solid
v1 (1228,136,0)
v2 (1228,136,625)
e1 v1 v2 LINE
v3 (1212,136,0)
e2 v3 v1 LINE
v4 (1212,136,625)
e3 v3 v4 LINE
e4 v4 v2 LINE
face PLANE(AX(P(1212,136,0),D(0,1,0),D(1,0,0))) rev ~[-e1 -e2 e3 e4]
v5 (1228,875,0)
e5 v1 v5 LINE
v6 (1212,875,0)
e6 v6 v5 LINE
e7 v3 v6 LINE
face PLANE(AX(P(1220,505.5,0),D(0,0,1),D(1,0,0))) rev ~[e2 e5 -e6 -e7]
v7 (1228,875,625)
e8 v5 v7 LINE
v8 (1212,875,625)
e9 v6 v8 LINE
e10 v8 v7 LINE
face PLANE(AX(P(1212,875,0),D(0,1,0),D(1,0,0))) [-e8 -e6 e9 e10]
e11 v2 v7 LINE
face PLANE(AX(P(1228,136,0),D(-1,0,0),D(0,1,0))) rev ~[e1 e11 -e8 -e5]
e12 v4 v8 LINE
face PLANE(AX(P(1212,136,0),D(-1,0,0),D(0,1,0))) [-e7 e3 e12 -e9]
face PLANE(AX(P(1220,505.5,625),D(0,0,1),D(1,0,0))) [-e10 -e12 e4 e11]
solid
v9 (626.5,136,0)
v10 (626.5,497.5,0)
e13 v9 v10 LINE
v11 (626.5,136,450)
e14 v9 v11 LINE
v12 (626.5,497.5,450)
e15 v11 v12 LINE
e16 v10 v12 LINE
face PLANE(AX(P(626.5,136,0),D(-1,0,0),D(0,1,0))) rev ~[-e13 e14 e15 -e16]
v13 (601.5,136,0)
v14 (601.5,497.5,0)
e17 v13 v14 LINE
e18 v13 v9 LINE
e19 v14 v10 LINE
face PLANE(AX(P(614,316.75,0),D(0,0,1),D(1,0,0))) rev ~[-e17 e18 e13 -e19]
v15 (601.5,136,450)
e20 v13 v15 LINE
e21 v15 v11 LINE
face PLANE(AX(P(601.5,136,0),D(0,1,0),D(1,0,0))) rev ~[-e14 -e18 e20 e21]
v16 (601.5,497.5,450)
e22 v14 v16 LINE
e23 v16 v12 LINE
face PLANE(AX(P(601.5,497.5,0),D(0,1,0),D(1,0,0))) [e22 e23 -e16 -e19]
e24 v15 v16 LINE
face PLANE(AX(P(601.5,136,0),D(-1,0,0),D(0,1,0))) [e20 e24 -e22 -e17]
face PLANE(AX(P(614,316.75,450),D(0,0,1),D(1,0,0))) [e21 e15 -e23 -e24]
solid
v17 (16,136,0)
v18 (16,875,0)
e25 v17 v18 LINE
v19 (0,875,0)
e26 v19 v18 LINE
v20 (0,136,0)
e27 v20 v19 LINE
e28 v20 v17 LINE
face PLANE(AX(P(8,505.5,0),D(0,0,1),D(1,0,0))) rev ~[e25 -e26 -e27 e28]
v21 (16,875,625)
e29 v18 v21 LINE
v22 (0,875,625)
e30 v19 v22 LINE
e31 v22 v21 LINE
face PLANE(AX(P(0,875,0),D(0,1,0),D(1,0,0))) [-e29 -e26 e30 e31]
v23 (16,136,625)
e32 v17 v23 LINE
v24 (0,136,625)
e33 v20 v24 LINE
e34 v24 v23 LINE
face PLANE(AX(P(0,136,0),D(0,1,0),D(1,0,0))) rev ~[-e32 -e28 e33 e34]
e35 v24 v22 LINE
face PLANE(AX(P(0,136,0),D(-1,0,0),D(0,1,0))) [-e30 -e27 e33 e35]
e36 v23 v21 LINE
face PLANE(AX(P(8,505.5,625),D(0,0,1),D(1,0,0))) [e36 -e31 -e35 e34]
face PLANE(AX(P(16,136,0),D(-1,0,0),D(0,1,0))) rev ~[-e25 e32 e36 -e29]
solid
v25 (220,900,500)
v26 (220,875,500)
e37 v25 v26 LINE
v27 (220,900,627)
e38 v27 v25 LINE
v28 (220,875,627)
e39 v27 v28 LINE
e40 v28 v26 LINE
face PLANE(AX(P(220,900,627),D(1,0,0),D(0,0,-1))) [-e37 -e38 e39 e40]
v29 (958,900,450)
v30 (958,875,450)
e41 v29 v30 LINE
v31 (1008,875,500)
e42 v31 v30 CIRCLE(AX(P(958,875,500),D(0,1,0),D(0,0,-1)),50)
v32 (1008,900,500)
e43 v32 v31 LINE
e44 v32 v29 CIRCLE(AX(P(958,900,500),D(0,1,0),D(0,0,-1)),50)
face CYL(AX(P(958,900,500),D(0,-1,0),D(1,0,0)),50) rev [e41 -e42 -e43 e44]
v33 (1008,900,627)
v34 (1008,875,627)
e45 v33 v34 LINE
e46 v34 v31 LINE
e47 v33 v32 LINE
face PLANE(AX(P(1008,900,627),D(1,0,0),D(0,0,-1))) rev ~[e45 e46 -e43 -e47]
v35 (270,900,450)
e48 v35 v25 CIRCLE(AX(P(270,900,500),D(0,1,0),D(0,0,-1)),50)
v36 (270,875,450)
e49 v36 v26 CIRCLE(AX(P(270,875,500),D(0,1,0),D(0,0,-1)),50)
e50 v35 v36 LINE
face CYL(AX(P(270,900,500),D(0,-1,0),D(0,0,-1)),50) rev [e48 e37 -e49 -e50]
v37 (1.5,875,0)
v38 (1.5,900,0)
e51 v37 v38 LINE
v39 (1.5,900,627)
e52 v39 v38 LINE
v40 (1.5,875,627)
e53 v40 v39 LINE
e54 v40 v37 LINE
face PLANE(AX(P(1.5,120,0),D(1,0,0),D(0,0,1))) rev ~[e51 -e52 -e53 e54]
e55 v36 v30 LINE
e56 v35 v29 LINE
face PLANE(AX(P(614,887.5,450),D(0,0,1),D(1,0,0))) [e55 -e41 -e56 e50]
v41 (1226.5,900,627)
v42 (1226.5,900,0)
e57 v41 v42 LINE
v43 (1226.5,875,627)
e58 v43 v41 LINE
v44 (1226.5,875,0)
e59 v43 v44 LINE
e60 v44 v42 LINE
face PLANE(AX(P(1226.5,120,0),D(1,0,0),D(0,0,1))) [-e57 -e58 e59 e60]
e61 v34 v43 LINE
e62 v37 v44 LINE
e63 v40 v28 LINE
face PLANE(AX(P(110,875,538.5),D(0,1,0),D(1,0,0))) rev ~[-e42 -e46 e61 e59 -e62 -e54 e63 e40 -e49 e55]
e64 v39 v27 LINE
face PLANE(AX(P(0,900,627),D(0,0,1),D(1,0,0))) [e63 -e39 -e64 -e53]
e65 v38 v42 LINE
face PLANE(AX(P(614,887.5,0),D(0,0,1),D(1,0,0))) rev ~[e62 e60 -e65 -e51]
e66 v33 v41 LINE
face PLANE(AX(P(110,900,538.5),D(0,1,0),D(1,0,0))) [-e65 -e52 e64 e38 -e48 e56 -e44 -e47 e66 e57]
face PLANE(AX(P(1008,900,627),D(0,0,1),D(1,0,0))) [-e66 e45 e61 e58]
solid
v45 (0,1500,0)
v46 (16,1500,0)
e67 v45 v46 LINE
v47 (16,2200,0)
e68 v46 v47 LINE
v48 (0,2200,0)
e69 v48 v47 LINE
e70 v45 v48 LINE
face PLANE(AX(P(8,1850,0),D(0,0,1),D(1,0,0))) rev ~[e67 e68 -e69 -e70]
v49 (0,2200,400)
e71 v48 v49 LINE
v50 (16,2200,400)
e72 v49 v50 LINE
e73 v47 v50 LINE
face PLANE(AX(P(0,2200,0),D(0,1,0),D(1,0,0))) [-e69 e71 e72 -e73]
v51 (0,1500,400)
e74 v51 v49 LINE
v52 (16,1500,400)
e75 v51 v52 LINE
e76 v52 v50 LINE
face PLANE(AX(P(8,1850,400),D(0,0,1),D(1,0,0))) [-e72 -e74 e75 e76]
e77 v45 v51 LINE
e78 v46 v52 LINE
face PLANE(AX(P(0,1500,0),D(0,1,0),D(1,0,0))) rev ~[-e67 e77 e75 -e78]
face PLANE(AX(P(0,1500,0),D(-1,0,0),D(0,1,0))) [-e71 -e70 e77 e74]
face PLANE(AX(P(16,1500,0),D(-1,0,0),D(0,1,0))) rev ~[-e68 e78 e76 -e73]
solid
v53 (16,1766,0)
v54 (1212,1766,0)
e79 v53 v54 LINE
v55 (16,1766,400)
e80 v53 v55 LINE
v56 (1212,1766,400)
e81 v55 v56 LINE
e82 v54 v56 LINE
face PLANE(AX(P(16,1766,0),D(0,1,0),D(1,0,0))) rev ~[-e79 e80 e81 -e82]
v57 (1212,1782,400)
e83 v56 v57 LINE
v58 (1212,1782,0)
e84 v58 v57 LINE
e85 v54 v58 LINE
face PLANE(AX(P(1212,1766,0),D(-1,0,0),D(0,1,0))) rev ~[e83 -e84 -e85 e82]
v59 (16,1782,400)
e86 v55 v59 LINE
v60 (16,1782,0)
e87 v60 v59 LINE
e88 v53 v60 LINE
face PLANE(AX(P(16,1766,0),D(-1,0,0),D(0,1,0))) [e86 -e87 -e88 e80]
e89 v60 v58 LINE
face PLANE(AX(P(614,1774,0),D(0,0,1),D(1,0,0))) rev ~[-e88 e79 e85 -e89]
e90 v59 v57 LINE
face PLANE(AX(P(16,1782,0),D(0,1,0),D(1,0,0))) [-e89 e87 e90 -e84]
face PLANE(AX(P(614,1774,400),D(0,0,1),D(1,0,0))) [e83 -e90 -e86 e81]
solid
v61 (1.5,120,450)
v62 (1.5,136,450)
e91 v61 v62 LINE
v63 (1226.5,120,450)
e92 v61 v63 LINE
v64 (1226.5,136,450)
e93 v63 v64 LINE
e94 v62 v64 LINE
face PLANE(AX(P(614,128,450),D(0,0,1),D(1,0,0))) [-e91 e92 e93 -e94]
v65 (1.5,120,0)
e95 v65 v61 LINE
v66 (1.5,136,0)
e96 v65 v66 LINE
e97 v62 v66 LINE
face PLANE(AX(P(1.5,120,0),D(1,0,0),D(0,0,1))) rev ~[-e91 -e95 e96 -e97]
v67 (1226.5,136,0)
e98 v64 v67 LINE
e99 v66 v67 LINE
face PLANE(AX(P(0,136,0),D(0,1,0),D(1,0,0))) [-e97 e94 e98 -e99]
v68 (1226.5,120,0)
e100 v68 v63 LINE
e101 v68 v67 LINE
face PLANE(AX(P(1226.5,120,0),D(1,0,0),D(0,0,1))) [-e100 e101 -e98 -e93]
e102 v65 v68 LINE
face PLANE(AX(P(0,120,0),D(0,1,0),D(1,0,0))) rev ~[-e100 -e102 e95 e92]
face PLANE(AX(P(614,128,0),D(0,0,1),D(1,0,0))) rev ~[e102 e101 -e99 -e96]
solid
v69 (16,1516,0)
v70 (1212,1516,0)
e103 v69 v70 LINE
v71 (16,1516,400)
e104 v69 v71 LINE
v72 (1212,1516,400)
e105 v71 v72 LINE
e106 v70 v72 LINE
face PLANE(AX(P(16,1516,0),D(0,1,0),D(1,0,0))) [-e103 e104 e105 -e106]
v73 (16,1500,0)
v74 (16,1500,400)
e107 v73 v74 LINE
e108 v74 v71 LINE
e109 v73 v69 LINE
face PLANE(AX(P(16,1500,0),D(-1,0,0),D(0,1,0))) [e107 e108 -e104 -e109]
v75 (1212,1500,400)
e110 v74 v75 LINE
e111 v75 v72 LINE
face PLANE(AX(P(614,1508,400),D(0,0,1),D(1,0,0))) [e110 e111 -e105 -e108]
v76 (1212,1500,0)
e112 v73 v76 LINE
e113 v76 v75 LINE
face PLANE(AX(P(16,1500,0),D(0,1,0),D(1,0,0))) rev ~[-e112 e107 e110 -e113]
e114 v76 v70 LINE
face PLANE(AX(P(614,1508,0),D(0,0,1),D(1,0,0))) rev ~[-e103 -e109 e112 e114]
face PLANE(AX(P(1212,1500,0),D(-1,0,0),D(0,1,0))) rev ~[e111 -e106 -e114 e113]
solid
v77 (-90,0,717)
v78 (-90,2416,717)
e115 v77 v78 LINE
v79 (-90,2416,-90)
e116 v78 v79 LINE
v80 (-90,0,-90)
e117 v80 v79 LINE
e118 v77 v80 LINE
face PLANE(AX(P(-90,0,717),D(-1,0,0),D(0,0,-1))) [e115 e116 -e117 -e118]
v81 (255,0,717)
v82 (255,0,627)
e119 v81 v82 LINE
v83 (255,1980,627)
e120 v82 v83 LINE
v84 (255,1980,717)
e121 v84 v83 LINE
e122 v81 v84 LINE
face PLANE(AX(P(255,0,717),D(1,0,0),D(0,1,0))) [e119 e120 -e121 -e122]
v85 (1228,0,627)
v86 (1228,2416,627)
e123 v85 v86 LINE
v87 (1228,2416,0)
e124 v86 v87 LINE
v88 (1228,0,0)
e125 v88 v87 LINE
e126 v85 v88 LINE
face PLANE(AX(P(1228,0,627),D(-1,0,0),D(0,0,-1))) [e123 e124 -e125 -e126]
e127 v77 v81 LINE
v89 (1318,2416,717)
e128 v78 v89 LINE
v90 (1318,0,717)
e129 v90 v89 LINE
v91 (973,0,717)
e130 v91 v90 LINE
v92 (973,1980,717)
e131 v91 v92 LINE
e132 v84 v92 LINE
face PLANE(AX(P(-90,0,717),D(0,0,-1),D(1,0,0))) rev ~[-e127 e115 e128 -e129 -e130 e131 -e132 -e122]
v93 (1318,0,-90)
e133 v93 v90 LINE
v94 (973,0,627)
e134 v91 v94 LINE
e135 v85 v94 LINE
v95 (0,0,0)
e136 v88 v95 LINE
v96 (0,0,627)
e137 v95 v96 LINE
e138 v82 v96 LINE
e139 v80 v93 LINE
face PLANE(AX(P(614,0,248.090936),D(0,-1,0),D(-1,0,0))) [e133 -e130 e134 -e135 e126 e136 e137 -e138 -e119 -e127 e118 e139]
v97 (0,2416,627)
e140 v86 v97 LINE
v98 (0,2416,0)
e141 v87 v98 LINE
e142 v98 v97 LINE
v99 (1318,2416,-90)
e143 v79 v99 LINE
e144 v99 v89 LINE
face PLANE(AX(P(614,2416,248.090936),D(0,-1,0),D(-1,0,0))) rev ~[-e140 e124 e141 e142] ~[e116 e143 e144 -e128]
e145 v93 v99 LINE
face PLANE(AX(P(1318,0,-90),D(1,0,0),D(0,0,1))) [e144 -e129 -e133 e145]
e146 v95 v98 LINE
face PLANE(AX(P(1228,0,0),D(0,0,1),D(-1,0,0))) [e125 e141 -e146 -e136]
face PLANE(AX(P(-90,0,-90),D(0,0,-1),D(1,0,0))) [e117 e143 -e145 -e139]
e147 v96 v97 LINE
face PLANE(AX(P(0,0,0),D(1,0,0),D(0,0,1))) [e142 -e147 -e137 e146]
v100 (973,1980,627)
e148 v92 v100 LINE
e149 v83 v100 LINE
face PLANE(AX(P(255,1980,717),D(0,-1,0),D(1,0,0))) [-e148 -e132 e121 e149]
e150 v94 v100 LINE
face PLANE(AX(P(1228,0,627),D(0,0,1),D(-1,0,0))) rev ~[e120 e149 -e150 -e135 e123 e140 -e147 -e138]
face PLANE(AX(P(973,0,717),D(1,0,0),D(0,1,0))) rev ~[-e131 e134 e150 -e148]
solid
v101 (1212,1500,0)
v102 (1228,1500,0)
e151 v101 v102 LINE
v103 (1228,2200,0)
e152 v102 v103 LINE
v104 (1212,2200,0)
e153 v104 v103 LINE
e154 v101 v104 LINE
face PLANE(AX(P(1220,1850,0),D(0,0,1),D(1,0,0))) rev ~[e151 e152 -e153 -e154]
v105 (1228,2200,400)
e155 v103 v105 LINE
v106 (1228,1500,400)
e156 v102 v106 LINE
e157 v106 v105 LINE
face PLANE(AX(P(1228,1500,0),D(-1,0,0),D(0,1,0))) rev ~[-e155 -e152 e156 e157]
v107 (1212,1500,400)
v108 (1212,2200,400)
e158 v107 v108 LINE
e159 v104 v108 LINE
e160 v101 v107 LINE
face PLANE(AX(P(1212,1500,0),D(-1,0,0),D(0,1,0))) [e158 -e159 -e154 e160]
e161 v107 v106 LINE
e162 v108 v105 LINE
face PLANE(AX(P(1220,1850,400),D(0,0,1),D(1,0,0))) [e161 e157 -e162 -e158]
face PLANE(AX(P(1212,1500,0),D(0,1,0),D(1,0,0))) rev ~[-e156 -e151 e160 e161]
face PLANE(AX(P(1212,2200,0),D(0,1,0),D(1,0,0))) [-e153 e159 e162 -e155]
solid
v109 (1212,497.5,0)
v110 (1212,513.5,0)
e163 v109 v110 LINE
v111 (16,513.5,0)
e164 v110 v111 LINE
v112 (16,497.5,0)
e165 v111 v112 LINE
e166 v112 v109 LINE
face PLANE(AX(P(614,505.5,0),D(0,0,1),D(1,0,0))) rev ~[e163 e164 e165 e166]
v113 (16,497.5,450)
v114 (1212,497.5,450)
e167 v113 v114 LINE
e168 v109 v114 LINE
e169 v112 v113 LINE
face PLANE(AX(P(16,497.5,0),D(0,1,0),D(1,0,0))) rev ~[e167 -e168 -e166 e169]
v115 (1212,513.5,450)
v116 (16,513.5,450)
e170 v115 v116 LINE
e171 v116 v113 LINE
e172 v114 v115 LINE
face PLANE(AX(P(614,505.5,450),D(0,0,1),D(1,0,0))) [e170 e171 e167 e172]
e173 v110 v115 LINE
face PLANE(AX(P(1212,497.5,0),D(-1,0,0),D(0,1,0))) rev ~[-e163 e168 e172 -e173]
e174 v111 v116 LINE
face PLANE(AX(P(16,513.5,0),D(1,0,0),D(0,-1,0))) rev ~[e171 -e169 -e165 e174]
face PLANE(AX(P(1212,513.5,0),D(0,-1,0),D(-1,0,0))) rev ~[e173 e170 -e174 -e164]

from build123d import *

# Parameters (mm, degrees)
SKETCH1_W             = 718
SKETCH1_H             = 90
BOSS_EXTRUDE1_DEPTH   = 2416
SKETCH2_W             = 718
SKETCH2_H             = 1980
CUT_EXTRUDE1_DEPTH    = 100
SKETCH6_W             = 16
SKETCH6_H             = 739
BOSS_EXTRUDE2_DEPTH   = 625
BOSS_EXTRUDE2_2_DEPTH = 625
SKETCH6_W_2           = 25
SKETCH6_H_2           = 361.5
BOSS_EXTRUDE2_3_DEPTH = 625
SKETCH7_W             = 1228
SKETCH7_H             = 16
BOSS_EXTRUDE3_DEPTH   = 450
BOSS_EXTRUDE3_2_DEPTH = 450
SKETCH7_H_2           = 25
BOSS_EXTRUDE3_3_DEPTH = 450
SKETCH8_W             = 16
SKETCH8_H             = 700
BOSS_EXTRUDE4_DEPTH   = 400
BOSS_EXTRUDE4_2_DEPTH = 400
SKETCH9_W             = 1196
SKETCH9_H             = 16
BOSS_EXTRUDE5_DEPTH   = 400
BOSS_EXTRUDE5_2_DEPTH = 400
SKETCH11_W            = 220
SKETCH11_H            = 177
BOSS_EXTRUDE6_DEPTH   = 25
FILLET1_R             = 50
SKETCH12_W            = 25
SKETCH12_H            = 361.5
CUT_EXTRUDE2_DEPTH    = 175
SKETCH18_W            = 1.5
SKETCH18_H            = 627
CUT_EXTRUDE5_DEPTH    = 2743.777606734


with BuildPart() as part:
    # Sketch1 → Boss-Extrude1 (new body)
    with BuildSketch(Plane(origin=(0, 0, 0), x_dir=(1, 0, 0), z_dir=(0, 1, 0))):
        Polygon((973, -627), (1228, -627), (1228, 0), (0, 0), (0, -627), (255, -627), (255, -717), (-90, -717), (-90, 90), (1318, 90), (1318, -717), (973, -717), align=None)
        with Locations((614, -672)):
            Rectangle(SKETCH1_W, SKETCH1_H)
    extrude(amount=BOSS_EXTRUDE1_DEPTH)

    # Sketch2 → Cut-Extrude1 (cut)
    with BuildSketch(Plane.XY.offset(717)):
        with Locations((614, 990)):
            Rectangle(SKETCH2_W, SKETCH2_H)
    extrude(amount=-CUT_EXTRUDE1_DEPTH, mode=Mode.SUBTRACT)


with BuildPart() as body_2:
    # Sketch6 → Boss-Extrude2 (new body)
    with BuildSketch(Plane.XY):
        with Locations((8, 505.5)):
            Rectangle(SKETCH6_W, SKETCH6_H)
    extrude(amount=BOSS_EXTRUDE2_DEPTH)


with BuildPart() as body_3:
    # Sketch6 → Boss-Extrude2 2 (new body)
    with BuildSketch(Plane.XY):
        with Locations((1220, 505.5)):
            Rectangle(SKETCH6_W, SKETCH6_H)
    extrude(amount=BOSS_EXTRUDE2_2_DEPTH)


with BuildPart() as body_4:
    # Sketch6 → Boss-Extrude2 3 (new body)
    with BuildSketch(Plane.XY):
        with Locations((614, 316.75)):
            Rectangle(SKETCH6_W_2, SKETCH6_H_2)
    extrude(amount=BOSS_EXTRUDE2_3_DEPTH)

    # Sketch12 → Cut-Extrude2 (cut)
    with BuildSketch(Plane.XY.offset(625)):
        with Locations((614, 316.75)):
            Rectangle(SKETCH12_W, SKETCH12_H)
    extrude(amount=-CUT_EXTRUDE2_DEPTH, mode=Mode.SUBTRACT)


with BuildPart() as body_5:
    # Sketch7 → Boss-Extrude3 (new body)
    with BuildSketch(Plane.XY):
        with Locations((614, 128)):
            Rectangle(SKETCH7_W, SKETCH7_H)
    extrude(amount=BOSS_EXTRUDE3_DEPTH)


with BuildPart() as body_6:
    # Sketch7 → Boss-Extrude3 2 (new body)
    with BuildSketch(Plane.XY):
        Polygon((16, 497.5), (626.5, 497.5), (1212, 497.5), (1212, 513.5), (601.5, 513.5), (16, 513.5), align=None)
    extrude(amount=BOSS_EXTRUDE3_2_DEPTH)


with BuildPart() as body_7:
    # Sketch7 → Boss-Extrude3 3 (new body)
    with BuildSketch(Plane.XY):
        with Locations((614, 887.5)):
            Rectangle(SKETCH7_W, SKETCH7_H_2)
    extrude(amount=BOSS_EXTRUDE3_3_DEPTH)

    # Sketch11 → Boss-Extrude6 (add)
    with BuildSketch(Plane(origin=(0, 900, 0), x_dir=(1, 0, 0), z_dir=(0, 1, 0))):
        with Locations((110, -538.5)):
            Rectangle(SKETCH11_W, SKETCH11_H)
        with Locations((1118, -538.5)):
            Rectangle(SKETCH11_W, SKETCH11_H)
    extrude(amount=-BOSS_EXTRUDE6_DEPTH)

    # Fillet1
    fillet1_edges = [body_7.edges().sort_by_distance(p)[0] for p in [
        (220, 887.5, 450),
        (1008, 887.5, 450),
    ]]
    fillet(fillet1_edges, radius=FILLET1_R)


with BuildPart() as body_8:
    # Sketch8 → Boss-Extrude4 (new body)
    with BuildSketch(Plane.XY):
        with Locations((8, 1850)):
            Rectangle(SKETCH8_W, SKETCH8_H)
    extrude(amount=BOSS_EXTRUDE4_DEPTH)


with BuildPart() as body_9:
    # Sketch8 → Boss-Extrude4 2 (new body)
    with BuildSketch(Plane.XY):
        with Locations((1220, 1850)):
            Rectangle(SKETCH8_W, SKETCH8_H)
    extrude(amount=BOSS_EXTRUDE4_2_DEPTH)


with BuildPart() as body_10:
    # Sketch9 → Boss-Extrude5 (new body)
    with BuildSketch(Plane.XY):
        with Locations((614, 1774)):
            Rectangle(SKETCH9_W, SKETCH9_H)
    extrude(amount=BOSS_EXTRUDE5_DEPTH)


with BuildPart() as body_11:
    # Sketch9 → Boss-Extrude5 2 (new body)
    with BuildSketch(Plane.XY):
        with Locations((614, 1508)):
            Rectangle(SKETCH9_W, SKETCH9_H)
    extrude(amount=BOSS_EXTRUDE5_2_DEPTH)


with BuildPart() as cut_extrude5_tool:
    # Sketch18 → Cut-Extrude5 (new, through all)
    with BuildSketch(Plane.XZ.offset(-120)):
        with Locations((0.75, 313.5)):
            Rectangle(SKETCH18_W, SKETCH18_H)
        with Locations((1227.25, 313.5)):
            Rectangle(SKETCH18_W, SKETCH18_H)
    extrude(amount=-CUT_EXTRUDE5_DEPTH)


with BuildPart() as body_5_1:
    add(body_5.part)

    # Cut-Extrude5: cut by cut_extrude5_tool
    add(cut_extrude5_tool.part, mode=Mode.SUBTRACT)


with BuildPart() as body_7_1:
    add(body_7.part)

    # Cut-Extrude5: cut by cut_extrude5_tool
    add(cut_extrude5_tool.part, mode=Mode.SUBTRACT)


solid = Compound([part.part, body_2.part, body_3.part, body_4.part, body_6.part, body_8.part, body_9.part, body_10.part, body_11.part, body_5_1.part, body_7_1.part])
